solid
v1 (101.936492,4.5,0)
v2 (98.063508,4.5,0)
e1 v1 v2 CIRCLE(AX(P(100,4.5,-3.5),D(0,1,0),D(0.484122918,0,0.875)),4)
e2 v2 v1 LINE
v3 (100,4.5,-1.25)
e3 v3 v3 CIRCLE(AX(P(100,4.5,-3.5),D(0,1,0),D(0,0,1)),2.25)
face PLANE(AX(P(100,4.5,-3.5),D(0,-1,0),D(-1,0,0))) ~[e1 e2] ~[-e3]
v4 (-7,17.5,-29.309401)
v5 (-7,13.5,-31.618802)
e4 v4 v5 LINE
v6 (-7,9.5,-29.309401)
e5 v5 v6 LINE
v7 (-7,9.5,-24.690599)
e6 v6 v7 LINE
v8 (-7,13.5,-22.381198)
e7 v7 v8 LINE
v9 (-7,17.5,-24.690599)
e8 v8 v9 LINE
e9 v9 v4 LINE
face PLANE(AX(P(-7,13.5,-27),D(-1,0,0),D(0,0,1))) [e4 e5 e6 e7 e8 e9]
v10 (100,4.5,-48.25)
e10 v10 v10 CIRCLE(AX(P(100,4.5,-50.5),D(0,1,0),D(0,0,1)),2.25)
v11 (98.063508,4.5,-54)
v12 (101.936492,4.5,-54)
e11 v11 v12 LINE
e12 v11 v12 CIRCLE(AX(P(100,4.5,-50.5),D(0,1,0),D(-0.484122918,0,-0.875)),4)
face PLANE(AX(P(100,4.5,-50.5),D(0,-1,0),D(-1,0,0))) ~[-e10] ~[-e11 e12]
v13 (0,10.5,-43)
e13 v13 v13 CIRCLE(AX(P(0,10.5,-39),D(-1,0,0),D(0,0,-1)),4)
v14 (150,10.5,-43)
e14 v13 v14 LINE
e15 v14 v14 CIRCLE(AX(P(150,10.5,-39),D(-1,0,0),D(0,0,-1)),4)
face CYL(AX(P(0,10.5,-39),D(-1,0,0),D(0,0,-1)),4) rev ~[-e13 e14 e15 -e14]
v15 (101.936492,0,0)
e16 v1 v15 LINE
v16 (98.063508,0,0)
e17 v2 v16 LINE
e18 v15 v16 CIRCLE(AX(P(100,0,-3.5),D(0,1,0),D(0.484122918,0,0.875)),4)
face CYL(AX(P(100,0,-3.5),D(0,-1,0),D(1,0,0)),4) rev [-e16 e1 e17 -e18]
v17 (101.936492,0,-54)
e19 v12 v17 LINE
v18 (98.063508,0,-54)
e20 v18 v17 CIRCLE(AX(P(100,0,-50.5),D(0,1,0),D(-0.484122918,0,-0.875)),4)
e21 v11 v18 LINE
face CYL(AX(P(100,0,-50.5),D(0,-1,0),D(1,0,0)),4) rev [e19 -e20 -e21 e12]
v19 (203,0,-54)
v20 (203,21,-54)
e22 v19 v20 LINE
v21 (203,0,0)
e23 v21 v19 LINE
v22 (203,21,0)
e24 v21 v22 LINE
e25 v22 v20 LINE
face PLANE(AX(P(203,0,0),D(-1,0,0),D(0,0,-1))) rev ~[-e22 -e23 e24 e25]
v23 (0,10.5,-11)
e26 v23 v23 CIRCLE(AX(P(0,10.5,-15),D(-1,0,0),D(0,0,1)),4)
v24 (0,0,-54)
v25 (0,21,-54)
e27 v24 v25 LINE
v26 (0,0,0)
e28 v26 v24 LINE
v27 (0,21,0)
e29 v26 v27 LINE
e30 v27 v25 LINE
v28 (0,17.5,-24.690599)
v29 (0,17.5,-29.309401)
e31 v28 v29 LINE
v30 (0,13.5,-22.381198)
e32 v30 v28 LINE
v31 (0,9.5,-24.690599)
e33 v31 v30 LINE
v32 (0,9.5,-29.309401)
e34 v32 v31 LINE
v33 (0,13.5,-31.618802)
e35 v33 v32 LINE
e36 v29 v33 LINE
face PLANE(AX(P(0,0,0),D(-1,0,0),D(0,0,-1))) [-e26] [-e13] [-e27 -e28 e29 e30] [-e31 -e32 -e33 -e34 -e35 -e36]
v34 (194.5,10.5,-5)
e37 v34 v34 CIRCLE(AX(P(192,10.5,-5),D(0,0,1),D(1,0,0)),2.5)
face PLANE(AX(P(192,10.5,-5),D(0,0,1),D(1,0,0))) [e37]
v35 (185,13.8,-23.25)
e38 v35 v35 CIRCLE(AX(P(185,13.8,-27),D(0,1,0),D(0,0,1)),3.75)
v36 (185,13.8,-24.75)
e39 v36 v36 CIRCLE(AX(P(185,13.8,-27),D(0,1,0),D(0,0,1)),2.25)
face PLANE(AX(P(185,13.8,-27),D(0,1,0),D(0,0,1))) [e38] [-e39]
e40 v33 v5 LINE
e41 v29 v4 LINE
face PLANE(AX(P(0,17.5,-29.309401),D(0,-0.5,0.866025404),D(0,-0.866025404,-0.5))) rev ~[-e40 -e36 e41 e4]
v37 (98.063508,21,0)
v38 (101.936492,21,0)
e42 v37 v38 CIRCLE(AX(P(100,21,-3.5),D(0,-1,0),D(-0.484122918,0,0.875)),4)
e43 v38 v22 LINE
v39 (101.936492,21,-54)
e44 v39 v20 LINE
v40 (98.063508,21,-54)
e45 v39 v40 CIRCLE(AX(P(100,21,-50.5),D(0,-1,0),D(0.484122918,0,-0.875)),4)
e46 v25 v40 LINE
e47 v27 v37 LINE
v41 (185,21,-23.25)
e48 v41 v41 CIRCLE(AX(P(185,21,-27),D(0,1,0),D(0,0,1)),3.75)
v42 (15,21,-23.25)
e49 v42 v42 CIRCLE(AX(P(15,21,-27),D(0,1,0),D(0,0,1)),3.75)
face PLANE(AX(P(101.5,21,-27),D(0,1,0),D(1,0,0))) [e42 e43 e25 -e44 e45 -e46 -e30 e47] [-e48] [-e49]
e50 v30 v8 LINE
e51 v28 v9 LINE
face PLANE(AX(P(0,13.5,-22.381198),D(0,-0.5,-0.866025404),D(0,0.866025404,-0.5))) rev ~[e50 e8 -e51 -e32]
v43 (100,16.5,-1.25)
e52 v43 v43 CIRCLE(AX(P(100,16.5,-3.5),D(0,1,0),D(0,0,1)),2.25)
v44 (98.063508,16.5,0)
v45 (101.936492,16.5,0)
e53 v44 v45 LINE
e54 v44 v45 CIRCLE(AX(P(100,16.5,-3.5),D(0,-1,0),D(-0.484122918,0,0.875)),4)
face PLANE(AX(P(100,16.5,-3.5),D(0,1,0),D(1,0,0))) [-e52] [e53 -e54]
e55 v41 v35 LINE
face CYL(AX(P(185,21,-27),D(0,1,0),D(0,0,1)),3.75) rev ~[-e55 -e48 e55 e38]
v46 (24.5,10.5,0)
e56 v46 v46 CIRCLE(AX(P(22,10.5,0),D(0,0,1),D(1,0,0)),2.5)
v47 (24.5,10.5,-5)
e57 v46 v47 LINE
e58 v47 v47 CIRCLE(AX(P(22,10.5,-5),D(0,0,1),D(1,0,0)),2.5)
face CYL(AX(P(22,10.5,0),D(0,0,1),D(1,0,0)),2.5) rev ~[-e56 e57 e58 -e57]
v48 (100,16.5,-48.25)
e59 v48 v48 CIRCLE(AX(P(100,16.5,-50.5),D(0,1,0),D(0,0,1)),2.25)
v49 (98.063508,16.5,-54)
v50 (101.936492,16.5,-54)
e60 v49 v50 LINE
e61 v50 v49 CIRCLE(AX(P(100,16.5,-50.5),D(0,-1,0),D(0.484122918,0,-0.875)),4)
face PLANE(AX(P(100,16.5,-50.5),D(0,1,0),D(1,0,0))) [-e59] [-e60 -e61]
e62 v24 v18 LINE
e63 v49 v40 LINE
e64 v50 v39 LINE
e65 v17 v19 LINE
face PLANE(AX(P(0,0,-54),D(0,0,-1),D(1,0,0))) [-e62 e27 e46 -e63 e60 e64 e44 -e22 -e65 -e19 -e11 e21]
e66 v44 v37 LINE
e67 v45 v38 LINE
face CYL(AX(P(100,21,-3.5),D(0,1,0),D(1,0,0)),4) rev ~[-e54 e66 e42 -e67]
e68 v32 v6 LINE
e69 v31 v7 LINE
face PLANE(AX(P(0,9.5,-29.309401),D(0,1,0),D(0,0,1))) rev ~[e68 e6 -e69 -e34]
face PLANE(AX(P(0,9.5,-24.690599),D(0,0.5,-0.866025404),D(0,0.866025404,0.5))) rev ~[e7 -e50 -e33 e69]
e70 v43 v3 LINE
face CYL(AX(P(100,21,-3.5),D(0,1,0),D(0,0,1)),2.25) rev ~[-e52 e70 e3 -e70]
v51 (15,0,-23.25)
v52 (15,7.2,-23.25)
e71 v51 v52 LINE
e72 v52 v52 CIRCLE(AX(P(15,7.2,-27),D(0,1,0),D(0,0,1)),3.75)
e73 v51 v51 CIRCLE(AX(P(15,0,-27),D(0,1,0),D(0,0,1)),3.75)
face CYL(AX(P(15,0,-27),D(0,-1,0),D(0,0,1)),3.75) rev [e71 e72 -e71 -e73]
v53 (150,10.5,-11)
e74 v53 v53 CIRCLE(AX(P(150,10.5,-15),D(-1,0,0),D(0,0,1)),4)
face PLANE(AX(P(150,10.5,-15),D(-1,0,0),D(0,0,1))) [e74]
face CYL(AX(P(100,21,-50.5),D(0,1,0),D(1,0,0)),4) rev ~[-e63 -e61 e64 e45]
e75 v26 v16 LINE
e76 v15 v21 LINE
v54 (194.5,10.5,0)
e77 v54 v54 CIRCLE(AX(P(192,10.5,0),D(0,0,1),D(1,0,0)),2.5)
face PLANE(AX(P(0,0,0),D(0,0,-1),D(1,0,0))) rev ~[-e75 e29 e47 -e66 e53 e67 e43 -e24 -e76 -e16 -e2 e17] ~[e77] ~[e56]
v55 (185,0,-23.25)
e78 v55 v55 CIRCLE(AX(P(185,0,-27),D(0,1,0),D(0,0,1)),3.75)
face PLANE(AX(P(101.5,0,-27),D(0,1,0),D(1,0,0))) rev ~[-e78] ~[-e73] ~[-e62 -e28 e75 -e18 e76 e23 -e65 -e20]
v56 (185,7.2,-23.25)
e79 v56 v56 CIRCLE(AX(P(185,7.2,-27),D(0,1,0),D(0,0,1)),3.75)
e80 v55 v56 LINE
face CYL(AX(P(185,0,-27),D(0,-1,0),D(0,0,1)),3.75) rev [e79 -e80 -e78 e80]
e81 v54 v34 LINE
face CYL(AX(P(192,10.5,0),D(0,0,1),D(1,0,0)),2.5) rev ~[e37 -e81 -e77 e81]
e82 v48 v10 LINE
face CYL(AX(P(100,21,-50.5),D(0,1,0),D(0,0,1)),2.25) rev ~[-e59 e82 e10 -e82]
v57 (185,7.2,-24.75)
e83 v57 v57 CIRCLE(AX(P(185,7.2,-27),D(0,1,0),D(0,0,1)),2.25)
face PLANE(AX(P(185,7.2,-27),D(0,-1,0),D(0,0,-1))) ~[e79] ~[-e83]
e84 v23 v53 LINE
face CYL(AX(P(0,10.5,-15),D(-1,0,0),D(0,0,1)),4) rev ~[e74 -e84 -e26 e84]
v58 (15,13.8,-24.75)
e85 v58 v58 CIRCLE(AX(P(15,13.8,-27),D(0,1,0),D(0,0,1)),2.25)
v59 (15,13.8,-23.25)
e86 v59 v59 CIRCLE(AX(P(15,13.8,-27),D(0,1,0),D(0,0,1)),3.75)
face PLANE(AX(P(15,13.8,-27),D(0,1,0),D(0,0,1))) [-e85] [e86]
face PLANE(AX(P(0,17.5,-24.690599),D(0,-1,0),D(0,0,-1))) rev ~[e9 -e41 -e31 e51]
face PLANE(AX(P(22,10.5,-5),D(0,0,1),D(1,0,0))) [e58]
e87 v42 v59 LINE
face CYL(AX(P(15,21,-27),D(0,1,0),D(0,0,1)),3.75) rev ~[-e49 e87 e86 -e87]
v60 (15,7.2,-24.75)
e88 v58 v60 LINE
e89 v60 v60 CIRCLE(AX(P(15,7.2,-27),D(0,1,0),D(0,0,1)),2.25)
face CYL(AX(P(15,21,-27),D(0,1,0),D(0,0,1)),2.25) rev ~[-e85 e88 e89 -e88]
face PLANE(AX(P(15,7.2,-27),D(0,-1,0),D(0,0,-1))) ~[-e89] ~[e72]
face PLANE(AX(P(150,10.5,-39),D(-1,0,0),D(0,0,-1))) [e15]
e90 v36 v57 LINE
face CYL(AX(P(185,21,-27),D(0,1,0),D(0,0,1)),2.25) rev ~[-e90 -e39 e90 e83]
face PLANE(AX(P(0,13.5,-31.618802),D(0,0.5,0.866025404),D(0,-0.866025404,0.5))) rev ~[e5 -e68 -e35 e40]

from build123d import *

# Parameters (mm, degrees)
SKETCH_1_W          = 203
SKETCH_1_H          = 54
EXTRUDE_1_DEPTH     = 21
SKETCH_2_R          = 4
CUT_EXTRUDE_1_DEPTH = 150
SKETCH_3_R          = 2.25
CUT_EXTRUDE_2_DEPTH = 212.106608139
SKETCH_4_R          = 4
CUT_EXTRUDE_3_DEPTH = 4.5
SKETCH_5_R          = 3.75
CUT_EXTRUDE_4_DEPTH = 7.2
SKETCH_6_R          = 2.5
CUT_EXTRUDE_5_DEPTH = 5
EXTRUDE_2_DEPTH     = 7


with BuildPart() as part:
    # 草图1 → 凸台-拉伸1 (new body)
    with BuildSketch(Plane(origin=(0, 0, 0), x_dir=(1, 0, 0), z_dir=(0, 1, 0))):
        with Locations((101.5, 27)):
            Rectangle(SKETCH_1_W, SKETCH_1_H)
    extrude(amount=EXTRUDE_1_DEPTH)

    # 草图2 → 切除-拉伸1 (cut)
    with BuildSketch(Plane.ZY):
        with Locations((-15, 10.5)):
            Circle(SKETCH_2_R)
        with Locations(Location((-39, 10.5, 0), (0, 0, 180))):
            Circle(SKETCH_2_R)
    extrude(amount=-CUT_EXTRUDE_1_DEPTH, mode=Mode.SUBTRACT)

    # 草图3 → 切除-拉伸2 (cut, through all)
    with BuildSketch(Plane(origin=(0, 21, 0), x_dir=(1, 0, 0), z_dir=(0, 1, 0))):
        with Locations(Location((100, 3.5, 0), (0, 0, 270))):
            Circle(SKETCH_3_R)
        with Locations(Location((100, 50.5, 0), (0, 0, 270))):
            Circle(SKETCH_3_R)
        with Locations(Location((15, 27, 0), (0, 0, 270))):
            Circle(SKETCH_3_R)
        with Locations(Location((185, 27, 0), (0, 0, 270))):
            Circle(SKETCH_3_R)
    extrude(amount=-CUT_EXTRUDE_2_DEPTH, mode=Mode.SUBTRACT)

    # 草图4 → 切除-拉伸3 (cut)
    with BuildSketch(Plane(origin=(0, 21, 0), x_dir=(1, 0, 0), z_dir=(0, 1, 0))):
        with Locations((100, 50.5)):
            Circle(SKETCH_4_R)
        with Locations((100, 3.5)):
            Circle(SKETCH_4_R)
    cut_extrude_3 = extrude(amount=-CUT_EXTRUDE_3_DEPTH, mode=Mode.SUBTRACT)

    # 草图5 → 切除-拉伸4 (cut)
    with BuildSketch(Plane(origin=(0, 21, 0), x_dir=(1, 0, 0), z_dir=(0, 1, 0))):
        with Locations(Location((185, 27, 0), (0, 0, 270))):
            Circle(SKETCH_5_R)
        with Locations(Location((15, 27, 0), (0, 0, 270))):
            Circle(SKETCH_5_R)
    cut_extrude_4 = extrude(amount=-CUT_EXTRUDE_4_DEPTH, mode=Mode.SUBTRACT)

    # 镜向1: 切除-拉伸3, 切除-拉伸4 across plane
    add(cut_extrude_3.mirror(Plane(origin=(0, 10.5, 0), x_dir=(0, 0, 1), z_dir=(0, -1, 0))), mode=Mode.SUBTRACT)
    add(cut_extrude_4.mirror(Plane(origin=(0, 10.5, 0), x_dir=(0, 0, 1), z_dir=(0, -1, 0))), mode=Mode.SUBTRACT)

    # 草图6 → 切除-拉伸5 (cut)
    with BuildSketch(Plane.XY):
        with Locations((22, 10.5)):
            Circle(SKETCH_6_R)
        with Locations((192, 10.5)):
            Circle(SKETCH_6_R)
    extrude(amount=-CUT_EXTRUDE_5_DEPTH, mode=Mode.SUBTRACT)

    # 草图7 → 凸台-拉伸2 (add)
    with BuildSketch(Plane.ZY):
        Polygon((-24.690598923, 17.5), (-29.309401077, 17.5), (-31.618802154, 13.5), (-29.309401077, 9.5), (-24.690598923, 9.5), (-22.381197846, 13.5), align=None)
    extrude(amount=EXTRUDE_2_DEPTH)


solid = part.part
